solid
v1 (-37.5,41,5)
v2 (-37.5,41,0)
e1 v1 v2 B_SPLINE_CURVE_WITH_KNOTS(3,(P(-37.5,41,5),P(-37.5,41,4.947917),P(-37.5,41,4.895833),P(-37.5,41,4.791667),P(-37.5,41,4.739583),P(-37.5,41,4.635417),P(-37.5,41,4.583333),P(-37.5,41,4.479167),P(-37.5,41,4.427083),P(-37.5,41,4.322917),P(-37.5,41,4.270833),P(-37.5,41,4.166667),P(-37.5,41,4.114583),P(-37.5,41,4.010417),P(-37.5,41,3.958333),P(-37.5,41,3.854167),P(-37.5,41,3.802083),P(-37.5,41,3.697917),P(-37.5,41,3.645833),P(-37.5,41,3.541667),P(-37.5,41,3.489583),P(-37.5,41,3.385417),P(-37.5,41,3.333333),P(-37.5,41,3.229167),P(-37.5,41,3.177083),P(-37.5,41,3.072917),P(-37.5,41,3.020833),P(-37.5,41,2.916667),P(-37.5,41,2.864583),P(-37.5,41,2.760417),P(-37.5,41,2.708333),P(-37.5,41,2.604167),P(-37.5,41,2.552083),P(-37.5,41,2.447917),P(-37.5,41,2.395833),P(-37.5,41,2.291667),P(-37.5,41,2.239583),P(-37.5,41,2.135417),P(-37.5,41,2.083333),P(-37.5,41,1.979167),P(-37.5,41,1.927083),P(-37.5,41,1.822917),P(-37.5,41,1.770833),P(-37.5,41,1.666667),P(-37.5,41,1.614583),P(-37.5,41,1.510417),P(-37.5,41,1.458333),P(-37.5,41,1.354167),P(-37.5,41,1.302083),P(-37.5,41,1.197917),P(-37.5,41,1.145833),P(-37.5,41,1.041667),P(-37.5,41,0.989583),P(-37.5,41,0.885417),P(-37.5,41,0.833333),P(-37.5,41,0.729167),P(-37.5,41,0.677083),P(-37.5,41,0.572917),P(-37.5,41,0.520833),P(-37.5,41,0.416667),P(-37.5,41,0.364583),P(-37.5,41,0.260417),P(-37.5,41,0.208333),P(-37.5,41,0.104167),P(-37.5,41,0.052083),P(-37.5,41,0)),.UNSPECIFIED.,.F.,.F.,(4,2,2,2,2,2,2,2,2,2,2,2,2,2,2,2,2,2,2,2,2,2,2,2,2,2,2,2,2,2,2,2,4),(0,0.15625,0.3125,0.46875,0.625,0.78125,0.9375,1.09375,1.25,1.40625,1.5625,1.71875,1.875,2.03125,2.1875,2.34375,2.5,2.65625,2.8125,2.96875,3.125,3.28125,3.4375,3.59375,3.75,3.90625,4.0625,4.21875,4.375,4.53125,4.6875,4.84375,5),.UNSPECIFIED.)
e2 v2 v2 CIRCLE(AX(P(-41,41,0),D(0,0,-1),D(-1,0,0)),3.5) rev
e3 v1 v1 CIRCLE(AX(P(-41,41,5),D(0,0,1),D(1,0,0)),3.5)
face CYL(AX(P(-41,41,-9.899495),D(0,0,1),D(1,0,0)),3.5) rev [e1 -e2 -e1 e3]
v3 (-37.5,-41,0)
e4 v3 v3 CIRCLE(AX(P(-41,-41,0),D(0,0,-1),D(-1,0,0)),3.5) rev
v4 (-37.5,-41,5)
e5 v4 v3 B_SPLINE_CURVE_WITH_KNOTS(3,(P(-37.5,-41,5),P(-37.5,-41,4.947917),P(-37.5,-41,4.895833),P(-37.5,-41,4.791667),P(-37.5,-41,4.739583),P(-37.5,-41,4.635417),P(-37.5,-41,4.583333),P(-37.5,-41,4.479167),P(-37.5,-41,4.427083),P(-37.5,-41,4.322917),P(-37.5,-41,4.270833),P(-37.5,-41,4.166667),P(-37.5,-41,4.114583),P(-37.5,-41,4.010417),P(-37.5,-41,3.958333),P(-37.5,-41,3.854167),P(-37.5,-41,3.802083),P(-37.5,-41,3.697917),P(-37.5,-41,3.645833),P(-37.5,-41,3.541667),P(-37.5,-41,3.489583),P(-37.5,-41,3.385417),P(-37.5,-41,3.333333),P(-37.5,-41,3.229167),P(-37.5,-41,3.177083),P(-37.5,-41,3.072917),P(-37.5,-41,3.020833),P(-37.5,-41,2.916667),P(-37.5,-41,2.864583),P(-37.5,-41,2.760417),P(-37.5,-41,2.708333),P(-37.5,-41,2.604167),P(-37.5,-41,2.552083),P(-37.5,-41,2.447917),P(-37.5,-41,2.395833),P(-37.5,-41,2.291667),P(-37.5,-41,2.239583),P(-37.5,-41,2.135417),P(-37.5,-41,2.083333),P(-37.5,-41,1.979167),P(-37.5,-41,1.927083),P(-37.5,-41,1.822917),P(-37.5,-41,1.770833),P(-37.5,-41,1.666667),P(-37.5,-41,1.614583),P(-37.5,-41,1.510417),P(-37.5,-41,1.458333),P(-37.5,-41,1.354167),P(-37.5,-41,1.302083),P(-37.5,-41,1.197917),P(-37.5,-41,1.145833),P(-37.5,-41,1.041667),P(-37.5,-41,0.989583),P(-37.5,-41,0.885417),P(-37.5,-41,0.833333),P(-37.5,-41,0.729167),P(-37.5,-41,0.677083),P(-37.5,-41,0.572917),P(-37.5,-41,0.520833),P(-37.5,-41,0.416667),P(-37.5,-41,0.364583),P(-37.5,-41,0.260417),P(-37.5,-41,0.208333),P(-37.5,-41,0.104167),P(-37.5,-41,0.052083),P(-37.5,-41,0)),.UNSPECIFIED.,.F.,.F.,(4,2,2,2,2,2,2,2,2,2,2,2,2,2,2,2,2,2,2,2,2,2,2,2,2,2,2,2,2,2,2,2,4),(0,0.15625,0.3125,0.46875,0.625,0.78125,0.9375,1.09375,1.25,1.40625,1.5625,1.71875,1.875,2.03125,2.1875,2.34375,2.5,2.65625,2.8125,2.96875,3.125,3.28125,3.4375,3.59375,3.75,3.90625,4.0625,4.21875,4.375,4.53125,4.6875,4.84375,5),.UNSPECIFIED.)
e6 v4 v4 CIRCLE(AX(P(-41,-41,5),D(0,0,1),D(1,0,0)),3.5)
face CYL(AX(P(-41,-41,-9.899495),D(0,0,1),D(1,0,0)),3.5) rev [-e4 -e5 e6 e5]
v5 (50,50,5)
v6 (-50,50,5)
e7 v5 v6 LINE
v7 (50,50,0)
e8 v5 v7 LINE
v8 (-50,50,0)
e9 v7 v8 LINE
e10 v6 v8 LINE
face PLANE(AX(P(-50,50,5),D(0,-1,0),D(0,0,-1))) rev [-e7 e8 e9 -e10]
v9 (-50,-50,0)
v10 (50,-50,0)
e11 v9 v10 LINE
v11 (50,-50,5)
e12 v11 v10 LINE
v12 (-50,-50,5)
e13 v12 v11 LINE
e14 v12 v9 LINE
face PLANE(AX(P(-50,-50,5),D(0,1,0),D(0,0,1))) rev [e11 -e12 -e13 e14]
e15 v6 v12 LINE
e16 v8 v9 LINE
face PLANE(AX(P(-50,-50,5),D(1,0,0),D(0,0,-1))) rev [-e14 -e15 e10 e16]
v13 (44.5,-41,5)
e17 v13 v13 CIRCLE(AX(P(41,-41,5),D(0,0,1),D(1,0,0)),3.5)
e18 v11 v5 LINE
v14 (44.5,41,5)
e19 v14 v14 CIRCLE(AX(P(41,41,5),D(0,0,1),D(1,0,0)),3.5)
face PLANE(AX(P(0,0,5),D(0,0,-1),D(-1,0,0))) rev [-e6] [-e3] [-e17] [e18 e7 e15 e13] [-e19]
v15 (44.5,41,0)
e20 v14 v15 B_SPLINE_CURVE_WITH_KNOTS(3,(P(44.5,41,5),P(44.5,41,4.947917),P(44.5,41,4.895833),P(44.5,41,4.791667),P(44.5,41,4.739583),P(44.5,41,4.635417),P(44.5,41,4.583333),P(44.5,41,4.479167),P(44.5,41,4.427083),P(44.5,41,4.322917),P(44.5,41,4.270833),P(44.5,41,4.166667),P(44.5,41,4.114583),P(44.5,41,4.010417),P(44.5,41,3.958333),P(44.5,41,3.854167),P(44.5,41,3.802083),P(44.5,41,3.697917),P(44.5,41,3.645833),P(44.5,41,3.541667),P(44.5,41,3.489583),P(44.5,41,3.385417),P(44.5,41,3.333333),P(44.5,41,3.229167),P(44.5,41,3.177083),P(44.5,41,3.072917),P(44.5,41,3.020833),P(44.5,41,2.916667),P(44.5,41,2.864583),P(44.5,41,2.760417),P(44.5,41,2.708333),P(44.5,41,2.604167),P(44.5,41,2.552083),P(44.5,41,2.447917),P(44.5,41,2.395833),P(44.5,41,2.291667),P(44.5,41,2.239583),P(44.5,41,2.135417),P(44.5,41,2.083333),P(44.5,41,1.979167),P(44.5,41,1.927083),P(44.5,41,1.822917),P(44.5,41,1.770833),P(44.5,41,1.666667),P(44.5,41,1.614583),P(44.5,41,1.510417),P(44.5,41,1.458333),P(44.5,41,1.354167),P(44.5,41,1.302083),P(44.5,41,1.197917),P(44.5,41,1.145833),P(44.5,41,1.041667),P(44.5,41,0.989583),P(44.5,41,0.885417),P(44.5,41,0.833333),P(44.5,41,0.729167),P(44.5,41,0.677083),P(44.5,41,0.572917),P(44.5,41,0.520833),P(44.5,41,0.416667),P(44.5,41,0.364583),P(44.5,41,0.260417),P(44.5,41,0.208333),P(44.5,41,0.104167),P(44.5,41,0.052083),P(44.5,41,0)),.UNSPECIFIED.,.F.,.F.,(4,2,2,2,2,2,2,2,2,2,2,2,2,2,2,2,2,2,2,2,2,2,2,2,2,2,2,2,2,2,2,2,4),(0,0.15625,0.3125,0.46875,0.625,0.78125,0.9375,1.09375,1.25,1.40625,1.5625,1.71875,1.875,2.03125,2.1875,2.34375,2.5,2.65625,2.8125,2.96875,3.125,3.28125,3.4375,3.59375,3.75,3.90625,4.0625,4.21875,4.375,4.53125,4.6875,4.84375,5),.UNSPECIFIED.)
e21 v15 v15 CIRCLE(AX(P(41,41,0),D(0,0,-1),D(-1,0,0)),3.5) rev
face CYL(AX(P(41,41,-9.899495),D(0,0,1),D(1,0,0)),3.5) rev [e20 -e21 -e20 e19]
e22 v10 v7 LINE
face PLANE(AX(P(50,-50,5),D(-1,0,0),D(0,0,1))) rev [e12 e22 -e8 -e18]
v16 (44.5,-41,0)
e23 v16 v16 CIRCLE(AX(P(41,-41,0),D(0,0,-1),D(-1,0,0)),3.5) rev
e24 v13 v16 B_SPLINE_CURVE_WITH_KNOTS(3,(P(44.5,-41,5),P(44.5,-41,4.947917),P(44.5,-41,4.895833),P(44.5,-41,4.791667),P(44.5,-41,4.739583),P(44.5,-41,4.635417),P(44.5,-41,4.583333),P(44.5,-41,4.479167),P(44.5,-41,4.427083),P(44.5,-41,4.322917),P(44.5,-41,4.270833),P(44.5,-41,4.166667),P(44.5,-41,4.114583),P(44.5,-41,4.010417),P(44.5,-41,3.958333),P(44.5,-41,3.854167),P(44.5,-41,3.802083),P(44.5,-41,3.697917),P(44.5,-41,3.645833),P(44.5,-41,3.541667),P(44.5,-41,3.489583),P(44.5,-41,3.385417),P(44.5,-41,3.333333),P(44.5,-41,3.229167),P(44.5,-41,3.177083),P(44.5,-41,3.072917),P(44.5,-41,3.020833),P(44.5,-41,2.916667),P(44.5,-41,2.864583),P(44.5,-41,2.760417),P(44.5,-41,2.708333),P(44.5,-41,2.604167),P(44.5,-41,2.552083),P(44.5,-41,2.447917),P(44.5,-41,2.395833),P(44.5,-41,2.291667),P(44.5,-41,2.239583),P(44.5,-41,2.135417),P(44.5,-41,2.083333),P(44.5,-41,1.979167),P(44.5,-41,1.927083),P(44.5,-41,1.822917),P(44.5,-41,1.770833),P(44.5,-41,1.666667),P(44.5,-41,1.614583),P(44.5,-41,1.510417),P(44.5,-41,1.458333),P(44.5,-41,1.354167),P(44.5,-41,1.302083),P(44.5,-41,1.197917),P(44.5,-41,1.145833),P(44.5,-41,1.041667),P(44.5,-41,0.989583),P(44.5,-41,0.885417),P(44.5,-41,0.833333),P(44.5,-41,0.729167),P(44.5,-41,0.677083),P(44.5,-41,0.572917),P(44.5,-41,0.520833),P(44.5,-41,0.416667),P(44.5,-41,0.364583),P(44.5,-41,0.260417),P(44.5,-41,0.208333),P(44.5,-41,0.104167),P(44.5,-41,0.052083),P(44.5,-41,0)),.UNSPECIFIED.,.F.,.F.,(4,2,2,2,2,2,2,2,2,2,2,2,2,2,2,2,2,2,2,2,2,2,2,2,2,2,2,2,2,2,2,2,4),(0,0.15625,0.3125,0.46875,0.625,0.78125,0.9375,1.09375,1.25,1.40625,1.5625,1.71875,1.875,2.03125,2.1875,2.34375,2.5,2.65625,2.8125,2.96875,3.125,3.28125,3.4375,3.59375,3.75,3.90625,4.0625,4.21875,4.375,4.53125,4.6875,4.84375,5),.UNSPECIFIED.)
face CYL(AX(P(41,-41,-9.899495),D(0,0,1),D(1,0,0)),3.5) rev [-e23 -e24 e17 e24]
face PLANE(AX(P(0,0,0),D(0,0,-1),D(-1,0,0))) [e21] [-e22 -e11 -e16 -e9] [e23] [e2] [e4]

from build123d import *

# Parameters (mm, degrees)
SKETCH_1_W          = 100
SKETCH_1_H          = 100
EXTRUDE_1_DEPTH     = 5
SKETCH_2_R          = 3.5
CUT_EXTRUDE_1_DEPTH = 5


with BuildPart() as part:
    # 草图1 → 凸台-拉伸1 (new body)
    with BuildSketch(Plane.XY):
        Rectangle(SKETCH_1_W, SKETCH_1_H)
    extrude(amount=EXTRUDE_1_DEPTH)

    # 草图2 → 切除-拉伸1 (cut)
    with BuildSketch(Plane.XY.offset(5)):
        with Locations((-41, 41)):
            Circle(SKETCH_2_R)
        with Locations((-41, -41)):
            Circle(SKETCH_2_R)
        with Locations((41, -41)):
            Circle(SKETCH_2_R)
        with Locations((41, 41)):
            Circle(SKETCH_2_R)
    extrude(amount=-CUT_EXTRUDE_1_DEPTH, mode=Mode.SUBTRACT)


solid = part.part
